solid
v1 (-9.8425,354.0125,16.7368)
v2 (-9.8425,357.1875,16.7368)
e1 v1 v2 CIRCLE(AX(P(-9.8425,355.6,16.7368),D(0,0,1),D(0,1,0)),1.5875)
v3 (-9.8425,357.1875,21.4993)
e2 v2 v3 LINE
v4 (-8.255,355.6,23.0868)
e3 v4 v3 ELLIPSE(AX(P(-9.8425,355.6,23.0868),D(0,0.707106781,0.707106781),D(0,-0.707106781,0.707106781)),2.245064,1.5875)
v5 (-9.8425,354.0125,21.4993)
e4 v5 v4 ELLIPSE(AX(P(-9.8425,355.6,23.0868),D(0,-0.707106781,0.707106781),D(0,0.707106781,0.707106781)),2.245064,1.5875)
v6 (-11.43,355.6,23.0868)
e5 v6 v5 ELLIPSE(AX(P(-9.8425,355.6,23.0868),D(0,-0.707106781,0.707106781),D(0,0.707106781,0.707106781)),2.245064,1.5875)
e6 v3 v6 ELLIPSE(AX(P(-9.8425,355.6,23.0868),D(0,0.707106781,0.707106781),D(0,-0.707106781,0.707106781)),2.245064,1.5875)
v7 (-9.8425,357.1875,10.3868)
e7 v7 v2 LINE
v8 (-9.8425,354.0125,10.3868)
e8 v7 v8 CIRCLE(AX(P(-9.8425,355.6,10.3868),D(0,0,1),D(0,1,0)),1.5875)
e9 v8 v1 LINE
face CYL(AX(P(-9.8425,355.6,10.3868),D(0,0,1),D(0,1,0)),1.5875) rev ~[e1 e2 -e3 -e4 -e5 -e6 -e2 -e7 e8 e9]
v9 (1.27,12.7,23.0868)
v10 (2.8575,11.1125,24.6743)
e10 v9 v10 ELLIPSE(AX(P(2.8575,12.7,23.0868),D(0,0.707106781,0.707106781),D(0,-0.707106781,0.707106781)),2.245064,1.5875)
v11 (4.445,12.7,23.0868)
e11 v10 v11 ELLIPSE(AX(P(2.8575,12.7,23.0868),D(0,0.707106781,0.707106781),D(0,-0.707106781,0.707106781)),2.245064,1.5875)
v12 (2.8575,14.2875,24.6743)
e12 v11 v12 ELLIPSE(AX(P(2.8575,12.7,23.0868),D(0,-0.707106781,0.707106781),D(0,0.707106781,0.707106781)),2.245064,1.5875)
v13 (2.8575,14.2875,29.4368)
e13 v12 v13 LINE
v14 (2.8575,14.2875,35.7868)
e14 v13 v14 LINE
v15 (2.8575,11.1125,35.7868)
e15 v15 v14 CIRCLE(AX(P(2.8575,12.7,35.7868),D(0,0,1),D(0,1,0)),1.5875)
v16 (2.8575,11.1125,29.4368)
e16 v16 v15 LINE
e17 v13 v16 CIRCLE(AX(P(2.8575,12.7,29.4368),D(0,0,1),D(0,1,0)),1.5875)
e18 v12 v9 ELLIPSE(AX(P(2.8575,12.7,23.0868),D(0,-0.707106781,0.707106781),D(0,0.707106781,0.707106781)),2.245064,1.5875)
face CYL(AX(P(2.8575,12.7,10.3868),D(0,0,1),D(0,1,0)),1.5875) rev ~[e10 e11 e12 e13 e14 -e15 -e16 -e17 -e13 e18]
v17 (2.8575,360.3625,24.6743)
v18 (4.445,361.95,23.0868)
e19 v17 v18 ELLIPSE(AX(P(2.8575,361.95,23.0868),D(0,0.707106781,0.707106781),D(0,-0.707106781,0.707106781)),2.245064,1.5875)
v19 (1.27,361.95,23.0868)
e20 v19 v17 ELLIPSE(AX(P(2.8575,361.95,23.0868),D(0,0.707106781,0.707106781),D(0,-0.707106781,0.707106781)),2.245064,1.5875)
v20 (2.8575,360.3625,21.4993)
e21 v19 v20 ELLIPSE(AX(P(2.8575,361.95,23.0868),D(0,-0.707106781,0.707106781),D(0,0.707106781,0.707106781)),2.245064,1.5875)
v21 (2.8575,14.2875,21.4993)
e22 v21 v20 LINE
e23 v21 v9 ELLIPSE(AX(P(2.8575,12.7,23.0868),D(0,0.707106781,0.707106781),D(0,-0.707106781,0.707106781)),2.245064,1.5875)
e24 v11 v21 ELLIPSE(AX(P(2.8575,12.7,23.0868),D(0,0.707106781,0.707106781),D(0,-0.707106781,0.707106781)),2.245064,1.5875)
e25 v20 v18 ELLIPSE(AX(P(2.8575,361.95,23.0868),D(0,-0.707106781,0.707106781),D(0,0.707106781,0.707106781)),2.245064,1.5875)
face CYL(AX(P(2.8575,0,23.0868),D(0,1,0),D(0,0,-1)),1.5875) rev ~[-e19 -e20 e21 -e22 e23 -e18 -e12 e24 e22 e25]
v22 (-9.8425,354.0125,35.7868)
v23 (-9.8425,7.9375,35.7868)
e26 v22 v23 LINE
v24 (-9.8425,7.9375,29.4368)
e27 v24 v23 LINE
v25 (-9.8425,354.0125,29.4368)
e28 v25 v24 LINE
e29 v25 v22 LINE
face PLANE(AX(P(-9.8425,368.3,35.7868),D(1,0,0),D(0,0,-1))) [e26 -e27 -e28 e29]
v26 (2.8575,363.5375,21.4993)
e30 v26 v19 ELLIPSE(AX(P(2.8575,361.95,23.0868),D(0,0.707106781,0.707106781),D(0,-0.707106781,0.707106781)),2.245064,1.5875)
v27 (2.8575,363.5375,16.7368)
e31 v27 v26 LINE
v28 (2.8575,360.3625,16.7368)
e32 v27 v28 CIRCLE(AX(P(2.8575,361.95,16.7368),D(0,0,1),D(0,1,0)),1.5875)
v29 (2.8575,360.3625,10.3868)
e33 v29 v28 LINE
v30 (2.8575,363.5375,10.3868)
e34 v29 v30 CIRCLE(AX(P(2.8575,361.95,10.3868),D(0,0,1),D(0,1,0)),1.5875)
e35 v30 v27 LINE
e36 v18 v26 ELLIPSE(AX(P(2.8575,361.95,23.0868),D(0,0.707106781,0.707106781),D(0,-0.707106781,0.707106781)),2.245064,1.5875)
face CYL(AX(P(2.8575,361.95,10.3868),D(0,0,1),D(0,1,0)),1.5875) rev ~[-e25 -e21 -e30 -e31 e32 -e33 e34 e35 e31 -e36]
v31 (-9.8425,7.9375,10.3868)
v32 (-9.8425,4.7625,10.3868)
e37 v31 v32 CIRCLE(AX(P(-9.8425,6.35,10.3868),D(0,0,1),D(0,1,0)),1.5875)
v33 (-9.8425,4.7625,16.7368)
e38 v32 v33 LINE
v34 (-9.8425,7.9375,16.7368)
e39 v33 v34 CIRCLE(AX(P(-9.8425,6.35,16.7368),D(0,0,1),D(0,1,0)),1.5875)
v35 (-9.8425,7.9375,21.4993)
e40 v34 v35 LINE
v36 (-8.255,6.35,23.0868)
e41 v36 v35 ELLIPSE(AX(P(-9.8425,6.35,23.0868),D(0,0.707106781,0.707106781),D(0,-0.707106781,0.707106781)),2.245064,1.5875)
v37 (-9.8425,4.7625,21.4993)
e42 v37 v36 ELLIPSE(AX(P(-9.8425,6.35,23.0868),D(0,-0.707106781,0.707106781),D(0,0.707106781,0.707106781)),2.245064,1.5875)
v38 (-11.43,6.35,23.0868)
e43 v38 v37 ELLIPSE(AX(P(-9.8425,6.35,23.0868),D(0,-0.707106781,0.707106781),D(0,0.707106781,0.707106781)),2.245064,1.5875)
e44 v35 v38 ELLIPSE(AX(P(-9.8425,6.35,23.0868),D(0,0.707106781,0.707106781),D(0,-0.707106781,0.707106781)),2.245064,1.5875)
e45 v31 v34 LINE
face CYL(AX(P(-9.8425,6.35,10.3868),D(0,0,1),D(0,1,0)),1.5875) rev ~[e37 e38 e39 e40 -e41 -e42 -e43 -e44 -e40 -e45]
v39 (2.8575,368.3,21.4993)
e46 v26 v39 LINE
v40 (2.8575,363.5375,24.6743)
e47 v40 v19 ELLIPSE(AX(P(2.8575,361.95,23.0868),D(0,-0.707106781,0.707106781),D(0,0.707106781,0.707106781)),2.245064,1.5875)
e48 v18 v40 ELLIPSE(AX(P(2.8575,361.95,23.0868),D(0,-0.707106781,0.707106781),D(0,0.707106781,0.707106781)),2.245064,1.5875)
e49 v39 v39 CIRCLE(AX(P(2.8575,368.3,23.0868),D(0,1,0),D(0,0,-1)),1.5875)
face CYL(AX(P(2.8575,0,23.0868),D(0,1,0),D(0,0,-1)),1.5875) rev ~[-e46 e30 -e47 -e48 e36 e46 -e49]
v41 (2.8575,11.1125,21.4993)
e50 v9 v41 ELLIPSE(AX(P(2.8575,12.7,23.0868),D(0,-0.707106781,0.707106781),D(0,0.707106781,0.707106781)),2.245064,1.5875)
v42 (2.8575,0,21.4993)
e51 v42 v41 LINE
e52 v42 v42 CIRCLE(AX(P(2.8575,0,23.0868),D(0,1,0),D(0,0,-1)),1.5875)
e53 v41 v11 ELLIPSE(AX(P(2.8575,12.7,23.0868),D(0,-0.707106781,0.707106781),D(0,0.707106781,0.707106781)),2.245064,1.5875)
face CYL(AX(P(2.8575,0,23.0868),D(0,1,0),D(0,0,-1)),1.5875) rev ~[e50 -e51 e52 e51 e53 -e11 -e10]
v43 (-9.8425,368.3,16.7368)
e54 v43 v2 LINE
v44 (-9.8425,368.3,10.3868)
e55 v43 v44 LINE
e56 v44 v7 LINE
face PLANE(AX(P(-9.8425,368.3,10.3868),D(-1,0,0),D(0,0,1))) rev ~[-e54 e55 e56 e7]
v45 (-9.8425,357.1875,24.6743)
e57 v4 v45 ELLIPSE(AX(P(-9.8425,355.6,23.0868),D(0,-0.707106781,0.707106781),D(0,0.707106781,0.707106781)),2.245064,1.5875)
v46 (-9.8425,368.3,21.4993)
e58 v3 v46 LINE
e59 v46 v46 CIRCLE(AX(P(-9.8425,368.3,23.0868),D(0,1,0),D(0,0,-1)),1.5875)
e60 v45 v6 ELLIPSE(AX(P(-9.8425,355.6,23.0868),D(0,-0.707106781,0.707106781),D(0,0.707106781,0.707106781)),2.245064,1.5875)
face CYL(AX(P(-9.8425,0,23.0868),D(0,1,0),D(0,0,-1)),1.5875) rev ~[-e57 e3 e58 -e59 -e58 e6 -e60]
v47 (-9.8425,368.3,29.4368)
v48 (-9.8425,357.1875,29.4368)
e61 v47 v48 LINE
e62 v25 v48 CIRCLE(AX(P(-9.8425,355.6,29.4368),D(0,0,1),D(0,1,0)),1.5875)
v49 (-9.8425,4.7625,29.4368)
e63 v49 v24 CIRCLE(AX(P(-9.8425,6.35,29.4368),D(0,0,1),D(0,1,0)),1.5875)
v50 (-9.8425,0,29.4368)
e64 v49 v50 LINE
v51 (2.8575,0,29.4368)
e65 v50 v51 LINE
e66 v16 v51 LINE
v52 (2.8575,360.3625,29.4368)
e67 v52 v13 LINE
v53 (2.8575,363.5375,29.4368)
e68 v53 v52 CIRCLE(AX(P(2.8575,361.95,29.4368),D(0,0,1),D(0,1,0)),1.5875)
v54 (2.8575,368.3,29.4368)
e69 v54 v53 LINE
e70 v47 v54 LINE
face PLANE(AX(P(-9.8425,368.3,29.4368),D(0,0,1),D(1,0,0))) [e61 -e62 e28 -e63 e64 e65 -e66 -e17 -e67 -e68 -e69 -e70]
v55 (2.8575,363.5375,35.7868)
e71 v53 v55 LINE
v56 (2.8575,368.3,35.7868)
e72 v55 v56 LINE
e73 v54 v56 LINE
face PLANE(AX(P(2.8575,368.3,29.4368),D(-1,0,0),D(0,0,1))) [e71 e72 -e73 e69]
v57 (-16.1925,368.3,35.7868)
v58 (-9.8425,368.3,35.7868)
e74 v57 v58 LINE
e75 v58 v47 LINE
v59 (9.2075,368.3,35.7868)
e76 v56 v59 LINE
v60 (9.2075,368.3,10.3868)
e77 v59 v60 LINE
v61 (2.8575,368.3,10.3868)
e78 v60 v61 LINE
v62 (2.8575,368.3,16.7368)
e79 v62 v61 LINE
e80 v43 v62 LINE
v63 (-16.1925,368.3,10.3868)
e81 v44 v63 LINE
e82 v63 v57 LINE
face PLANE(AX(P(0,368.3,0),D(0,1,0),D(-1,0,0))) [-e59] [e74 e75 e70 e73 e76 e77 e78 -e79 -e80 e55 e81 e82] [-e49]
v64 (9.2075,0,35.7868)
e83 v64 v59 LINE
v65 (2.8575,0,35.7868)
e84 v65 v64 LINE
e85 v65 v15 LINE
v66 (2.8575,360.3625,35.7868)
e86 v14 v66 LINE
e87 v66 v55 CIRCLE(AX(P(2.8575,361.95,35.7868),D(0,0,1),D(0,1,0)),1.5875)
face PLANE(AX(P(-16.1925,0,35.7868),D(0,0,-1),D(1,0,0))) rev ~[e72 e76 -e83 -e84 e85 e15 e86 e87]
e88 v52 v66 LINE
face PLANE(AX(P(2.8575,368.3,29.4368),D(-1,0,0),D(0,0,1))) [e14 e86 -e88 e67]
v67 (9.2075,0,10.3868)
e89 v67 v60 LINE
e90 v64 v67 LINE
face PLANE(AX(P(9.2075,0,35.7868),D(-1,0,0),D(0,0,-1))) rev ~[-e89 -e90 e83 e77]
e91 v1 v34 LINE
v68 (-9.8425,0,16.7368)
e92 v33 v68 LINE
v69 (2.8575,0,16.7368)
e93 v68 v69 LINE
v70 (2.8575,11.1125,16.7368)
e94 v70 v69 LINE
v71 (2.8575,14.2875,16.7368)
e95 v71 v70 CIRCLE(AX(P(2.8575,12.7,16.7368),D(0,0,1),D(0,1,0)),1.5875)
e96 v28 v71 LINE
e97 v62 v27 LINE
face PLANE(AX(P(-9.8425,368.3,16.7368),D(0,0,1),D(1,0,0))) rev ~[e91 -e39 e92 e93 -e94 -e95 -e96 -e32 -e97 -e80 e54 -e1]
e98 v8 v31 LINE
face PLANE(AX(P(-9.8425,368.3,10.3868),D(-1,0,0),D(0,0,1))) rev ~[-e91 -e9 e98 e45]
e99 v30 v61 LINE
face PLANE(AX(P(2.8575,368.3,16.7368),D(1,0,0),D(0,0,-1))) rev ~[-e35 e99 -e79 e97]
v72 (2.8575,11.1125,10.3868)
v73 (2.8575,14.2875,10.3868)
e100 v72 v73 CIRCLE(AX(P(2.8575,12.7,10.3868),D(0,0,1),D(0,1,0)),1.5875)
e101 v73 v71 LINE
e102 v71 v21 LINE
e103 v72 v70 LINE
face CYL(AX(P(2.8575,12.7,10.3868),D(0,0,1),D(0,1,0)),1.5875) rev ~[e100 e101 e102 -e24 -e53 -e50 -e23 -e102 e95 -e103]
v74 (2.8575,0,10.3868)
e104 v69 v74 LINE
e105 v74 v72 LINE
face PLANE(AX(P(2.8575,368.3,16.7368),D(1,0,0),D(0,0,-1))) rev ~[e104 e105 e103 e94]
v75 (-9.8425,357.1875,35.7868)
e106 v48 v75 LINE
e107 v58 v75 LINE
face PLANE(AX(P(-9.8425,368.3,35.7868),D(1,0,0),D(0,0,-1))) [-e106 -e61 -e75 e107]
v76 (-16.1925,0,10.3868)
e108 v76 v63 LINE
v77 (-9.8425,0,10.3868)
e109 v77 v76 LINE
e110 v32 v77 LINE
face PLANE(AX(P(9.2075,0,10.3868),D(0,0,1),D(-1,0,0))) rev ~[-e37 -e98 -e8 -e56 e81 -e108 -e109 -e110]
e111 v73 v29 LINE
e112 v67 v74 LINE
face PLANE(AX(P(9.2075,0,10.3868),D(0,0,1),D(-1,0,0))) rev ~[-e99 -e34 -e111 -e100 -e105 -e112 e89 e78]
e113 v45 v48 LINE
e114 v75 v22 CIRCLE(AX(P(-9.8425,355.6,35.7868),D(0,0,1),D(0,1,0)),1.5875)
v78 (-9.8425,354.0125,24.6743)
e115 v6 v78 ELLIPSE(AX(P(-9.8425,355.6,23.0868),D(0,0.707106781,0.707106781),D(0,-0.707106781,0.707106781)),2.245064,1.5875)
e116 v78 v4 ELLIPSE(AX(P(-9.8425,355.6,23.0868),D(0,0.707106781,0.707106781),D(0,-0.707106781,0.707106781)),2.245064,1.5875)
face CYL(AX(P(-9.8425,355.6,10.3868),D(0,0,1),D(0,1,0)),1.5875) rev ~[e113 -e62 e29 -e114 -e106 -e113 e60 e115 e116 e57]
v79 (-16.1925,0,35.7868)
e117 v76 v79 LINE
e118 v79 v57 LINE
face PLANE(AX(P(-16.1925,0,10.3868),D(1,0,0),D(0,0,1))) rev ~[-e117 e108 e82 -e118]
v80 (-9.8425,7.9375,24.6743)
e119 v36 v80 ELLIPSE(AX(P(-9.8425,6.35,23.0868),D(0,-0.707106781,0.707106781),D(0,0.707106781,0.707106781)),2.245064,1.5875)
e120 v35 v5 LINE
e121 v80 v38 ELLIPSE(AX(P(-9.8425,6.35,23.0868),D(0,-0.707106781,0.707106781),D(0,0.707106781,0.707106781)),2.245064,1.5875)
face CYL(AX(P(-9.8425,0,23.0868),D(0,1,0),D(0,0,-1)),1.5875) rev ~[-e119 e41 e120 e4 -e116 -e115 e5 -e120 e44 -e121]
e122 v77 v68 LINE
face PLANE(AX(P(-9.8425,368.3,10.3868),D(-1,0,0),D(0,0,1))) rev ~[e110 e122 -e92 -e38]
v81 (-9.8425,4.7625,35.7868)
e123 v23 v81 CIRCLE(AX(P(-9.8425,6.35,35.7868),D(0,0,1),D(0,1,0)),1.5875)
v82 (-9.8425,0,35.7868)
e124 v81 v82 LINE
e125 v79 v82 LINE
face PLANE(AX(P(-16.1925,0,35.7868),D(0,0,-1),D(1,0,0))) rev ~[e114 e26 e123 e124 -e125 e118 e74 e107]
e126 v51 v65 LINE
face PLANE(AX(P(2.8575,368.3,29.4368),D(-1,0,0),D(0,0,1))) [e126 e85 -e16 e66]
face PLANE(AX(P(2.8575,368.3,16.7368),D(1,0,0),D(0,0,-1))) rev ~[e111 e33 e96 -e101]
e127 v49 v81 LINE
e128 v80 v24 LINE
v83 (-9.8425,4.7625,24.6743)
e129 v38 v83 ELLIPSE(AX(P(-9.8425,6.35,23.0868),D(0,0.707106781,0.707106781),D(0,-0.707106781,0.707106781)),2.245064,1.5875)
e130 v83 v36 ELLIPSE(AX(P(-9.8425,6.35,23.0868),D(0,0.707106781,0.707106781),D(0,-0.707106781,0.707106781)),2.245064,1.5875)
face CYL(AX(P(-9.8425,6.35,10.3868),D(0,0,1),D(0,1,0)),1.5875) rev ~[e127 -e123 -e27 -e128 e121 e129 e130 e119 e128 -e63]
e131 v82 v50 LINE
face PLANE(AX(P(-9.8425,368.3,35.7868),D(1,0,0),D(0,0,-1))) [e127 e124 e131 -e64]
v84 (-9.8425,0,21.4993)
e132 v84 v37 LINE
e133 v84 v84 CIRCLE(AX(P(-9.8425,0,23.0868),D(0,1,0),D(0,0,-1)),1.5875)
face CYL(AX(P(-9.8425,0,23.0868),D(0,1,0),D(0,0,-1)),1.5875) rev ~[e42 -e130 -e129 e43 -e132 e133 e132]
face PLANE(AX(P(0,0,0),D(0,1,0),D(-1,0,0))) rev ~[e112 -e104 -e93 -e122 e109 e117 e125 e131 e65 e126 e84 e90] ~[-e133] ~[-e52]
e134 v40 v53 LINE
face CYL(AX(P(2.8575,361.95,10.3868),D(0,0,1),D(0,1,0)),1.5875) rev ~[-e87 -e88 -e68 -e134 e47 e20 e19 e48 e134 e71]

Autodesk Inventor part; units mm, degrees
ref_plane "YZ Plane" through (0, 0, 0) normal (1, 0, 0) x (0, 1, 0)
ref_plane "XZ Plane" through (0, 0, 0) normal (0, 1, 0) x (-1, 0, 0)
ref_plane "XY Plane" through (0, 0, 0) normal (0, 0, 1) x (1, 0, 0)
sketch "Sketch1" plane through (0, 0, 0) normal (0, 1, 0) x (-1, 0, 0)
  line L0 (16.1925, 35.7868) -> (-9.2075, 35.7868)
  line L1 (-9.2075, 35.7868) -> (-9.2075, 10.3868)
  line L2 (-9.2075, 10.3868) -> (16.1925, 10.3868)
  line L3 (16.1925, 10.3868) -> (16.1925, 35.7868)
  point P0 (0, 0)
  dimension "d0" = 25.4
  dimension "d1" = 25.4
extrude "Extrusion1" add sketch "Sketch1" along normal blind 368.3
sketch "Sketch2" plane through (0, 368.3, 0) normal (0, 1, 0) x (1, 0, 0)
  line L0 (-9.8425, -16.7368) -> (2.8575, -16.7368)
  line L1 (2.8575, -16.7368) -> (2.8575, -1.003)
  line L2 (2.8575, -1.003) -> (-9.8425, -1.003)
  line L3 (-9.8425, -1.003) -> (-9.8425, -16.7368)
  line L4 (9.2075, -35.7868) -> (9.2075, -10.3868) projected
  line L5 (-16.1925, -10.3868) -> (-16.1925, -35.7868) projected
  line L6 (9.2075, -10.3868) -> (-16.1925, -10.3868) projected
  point P0 (0, 0)
  dimension "d4" = 6.35
  dimension "d5" = 6.35
  dimension "d6" = 6.35
extrude "Extrusion2" cut sketch "Sketch2" against normal blind 508
sketch "Sketch4" plane through (0, 368.3, 0) normal (0, 1, 0) x (1, 0, 0)
  line L0 (-9.8425, -29.4368) -> (2.8575, -29.4368)
  line L1 (2.8575, -29.4368) -> (2.8575, -45.8861)
  line L2 (2.8575, -45.8861) -> (-9.8425, -45.8861)
  line L3 (-9.8425, -45.8861) -> (-9.8425, -29.4368)
  line L4 (-16.1925, -10.3868) -> (-16.1925, -35.7868) projected
  line L5 (9.2075, -35.7868) -> (9.2075, -10.3868) projected
  line L6 (-16.1925, -35.7868) -> (9.2075, -35.7868) projected
  point P0 (0, 0)
  dimension "d20" = 6.35
  dimension "d21" = 6.35
  dimension "d22" = 6.35
extrude "Extrusion3" cut sketch "Sketch4" against normal blind 508
sketch "Sketch5" plane through (9.2075, 0, 10.3868) normal (0, 0, -1) x (-1, 0, 0)
  line L0 (0, 0) -> (6.35, 0) projected
  line L1 (0, 0) -> (0, 368.3) projected
  line L2 (25.4, 0) -> (25.4, 368.3) projected
  line L3 (19.05, 0) -> (25.4, 0) projected
  point P0 (9.2075, 0)
  point P1 (19.05, 6.35)
  point P2 (6.35, 12.7)
  dimension "d25" = 12.7
  dimension "d27" = 6.35
  dimension "d28" = 6.35
  dimension "d60" = 19.05
hole "Hole2" at (-9.8425, 6.35, 10.3868) at (2.8575, 12.7, 10.3868) direction (0, 0, 1) diameter 3.175 end through all
sketch "Sketch6" plane through (-16.1925, 0, 10.3868) normal (0, 0, -1) x (-1, 0, 0)
  line L0 (-6.35, 368.3) -> (-6.35, 7.9375) projected
  line L1 (-25.4, 368.3) -> (-19.05, 368.3) projected
  line L2 (-25.4, 0) -> (-25.4, 368.3) projected
  line L3 (-6.35, 368.3) -> (0, 368.3) projected
  line L4 (0, 0) -> (0, 368.3) projected
  point P0 (-16.1925, 0)
  point P1 (-19.05, 361.95)
  point P2 (-6.35, 355.6)
  dimension "d36" = 6.35
  dimension "d38" = 12.7
  dimension "d58" = 6.35
  dimension "d59" = 19.05
hole "Hole3" at (2.8575, 361.95, 10.3868) at (-9.8425, 355.6, 10.3868) direction (0, 0, 1) diameter 3.175 end through all
sketch "Sketch7" plane through (0, 0, 0) normal (0, -1, 0) x (1, 0, 0)
  line L0 (2.8575, 35.7868) -> (9.2075, 35.7868) projected
  line L1 (9.2075, 35.7868) -> (9.2075, 10.3868) projected
  line L2 (-16.1925, 10.3868) -> (-16.1925, 35.7868) projected
  line L3 (-16.1925, 35.7868) -> (-9.8425, 35.7868) projected
  point P0 (0, 0)
  point P1 (-9.8425, 23.0868)
  point P2 (2.8575, 23.0868)
  dimension "d47" = 12.7
  dimension "d48" = 6.35
  dimension "d49" = 6.35
  dimension "d50" = 12.7
hole "Hole4" at (-9.8425, 0, 23.0868) at (2.8575, 0, 23.0868) direction (0, 1, 0) diameter 3.175 end through all
properties part number "LeftSideElevator"
